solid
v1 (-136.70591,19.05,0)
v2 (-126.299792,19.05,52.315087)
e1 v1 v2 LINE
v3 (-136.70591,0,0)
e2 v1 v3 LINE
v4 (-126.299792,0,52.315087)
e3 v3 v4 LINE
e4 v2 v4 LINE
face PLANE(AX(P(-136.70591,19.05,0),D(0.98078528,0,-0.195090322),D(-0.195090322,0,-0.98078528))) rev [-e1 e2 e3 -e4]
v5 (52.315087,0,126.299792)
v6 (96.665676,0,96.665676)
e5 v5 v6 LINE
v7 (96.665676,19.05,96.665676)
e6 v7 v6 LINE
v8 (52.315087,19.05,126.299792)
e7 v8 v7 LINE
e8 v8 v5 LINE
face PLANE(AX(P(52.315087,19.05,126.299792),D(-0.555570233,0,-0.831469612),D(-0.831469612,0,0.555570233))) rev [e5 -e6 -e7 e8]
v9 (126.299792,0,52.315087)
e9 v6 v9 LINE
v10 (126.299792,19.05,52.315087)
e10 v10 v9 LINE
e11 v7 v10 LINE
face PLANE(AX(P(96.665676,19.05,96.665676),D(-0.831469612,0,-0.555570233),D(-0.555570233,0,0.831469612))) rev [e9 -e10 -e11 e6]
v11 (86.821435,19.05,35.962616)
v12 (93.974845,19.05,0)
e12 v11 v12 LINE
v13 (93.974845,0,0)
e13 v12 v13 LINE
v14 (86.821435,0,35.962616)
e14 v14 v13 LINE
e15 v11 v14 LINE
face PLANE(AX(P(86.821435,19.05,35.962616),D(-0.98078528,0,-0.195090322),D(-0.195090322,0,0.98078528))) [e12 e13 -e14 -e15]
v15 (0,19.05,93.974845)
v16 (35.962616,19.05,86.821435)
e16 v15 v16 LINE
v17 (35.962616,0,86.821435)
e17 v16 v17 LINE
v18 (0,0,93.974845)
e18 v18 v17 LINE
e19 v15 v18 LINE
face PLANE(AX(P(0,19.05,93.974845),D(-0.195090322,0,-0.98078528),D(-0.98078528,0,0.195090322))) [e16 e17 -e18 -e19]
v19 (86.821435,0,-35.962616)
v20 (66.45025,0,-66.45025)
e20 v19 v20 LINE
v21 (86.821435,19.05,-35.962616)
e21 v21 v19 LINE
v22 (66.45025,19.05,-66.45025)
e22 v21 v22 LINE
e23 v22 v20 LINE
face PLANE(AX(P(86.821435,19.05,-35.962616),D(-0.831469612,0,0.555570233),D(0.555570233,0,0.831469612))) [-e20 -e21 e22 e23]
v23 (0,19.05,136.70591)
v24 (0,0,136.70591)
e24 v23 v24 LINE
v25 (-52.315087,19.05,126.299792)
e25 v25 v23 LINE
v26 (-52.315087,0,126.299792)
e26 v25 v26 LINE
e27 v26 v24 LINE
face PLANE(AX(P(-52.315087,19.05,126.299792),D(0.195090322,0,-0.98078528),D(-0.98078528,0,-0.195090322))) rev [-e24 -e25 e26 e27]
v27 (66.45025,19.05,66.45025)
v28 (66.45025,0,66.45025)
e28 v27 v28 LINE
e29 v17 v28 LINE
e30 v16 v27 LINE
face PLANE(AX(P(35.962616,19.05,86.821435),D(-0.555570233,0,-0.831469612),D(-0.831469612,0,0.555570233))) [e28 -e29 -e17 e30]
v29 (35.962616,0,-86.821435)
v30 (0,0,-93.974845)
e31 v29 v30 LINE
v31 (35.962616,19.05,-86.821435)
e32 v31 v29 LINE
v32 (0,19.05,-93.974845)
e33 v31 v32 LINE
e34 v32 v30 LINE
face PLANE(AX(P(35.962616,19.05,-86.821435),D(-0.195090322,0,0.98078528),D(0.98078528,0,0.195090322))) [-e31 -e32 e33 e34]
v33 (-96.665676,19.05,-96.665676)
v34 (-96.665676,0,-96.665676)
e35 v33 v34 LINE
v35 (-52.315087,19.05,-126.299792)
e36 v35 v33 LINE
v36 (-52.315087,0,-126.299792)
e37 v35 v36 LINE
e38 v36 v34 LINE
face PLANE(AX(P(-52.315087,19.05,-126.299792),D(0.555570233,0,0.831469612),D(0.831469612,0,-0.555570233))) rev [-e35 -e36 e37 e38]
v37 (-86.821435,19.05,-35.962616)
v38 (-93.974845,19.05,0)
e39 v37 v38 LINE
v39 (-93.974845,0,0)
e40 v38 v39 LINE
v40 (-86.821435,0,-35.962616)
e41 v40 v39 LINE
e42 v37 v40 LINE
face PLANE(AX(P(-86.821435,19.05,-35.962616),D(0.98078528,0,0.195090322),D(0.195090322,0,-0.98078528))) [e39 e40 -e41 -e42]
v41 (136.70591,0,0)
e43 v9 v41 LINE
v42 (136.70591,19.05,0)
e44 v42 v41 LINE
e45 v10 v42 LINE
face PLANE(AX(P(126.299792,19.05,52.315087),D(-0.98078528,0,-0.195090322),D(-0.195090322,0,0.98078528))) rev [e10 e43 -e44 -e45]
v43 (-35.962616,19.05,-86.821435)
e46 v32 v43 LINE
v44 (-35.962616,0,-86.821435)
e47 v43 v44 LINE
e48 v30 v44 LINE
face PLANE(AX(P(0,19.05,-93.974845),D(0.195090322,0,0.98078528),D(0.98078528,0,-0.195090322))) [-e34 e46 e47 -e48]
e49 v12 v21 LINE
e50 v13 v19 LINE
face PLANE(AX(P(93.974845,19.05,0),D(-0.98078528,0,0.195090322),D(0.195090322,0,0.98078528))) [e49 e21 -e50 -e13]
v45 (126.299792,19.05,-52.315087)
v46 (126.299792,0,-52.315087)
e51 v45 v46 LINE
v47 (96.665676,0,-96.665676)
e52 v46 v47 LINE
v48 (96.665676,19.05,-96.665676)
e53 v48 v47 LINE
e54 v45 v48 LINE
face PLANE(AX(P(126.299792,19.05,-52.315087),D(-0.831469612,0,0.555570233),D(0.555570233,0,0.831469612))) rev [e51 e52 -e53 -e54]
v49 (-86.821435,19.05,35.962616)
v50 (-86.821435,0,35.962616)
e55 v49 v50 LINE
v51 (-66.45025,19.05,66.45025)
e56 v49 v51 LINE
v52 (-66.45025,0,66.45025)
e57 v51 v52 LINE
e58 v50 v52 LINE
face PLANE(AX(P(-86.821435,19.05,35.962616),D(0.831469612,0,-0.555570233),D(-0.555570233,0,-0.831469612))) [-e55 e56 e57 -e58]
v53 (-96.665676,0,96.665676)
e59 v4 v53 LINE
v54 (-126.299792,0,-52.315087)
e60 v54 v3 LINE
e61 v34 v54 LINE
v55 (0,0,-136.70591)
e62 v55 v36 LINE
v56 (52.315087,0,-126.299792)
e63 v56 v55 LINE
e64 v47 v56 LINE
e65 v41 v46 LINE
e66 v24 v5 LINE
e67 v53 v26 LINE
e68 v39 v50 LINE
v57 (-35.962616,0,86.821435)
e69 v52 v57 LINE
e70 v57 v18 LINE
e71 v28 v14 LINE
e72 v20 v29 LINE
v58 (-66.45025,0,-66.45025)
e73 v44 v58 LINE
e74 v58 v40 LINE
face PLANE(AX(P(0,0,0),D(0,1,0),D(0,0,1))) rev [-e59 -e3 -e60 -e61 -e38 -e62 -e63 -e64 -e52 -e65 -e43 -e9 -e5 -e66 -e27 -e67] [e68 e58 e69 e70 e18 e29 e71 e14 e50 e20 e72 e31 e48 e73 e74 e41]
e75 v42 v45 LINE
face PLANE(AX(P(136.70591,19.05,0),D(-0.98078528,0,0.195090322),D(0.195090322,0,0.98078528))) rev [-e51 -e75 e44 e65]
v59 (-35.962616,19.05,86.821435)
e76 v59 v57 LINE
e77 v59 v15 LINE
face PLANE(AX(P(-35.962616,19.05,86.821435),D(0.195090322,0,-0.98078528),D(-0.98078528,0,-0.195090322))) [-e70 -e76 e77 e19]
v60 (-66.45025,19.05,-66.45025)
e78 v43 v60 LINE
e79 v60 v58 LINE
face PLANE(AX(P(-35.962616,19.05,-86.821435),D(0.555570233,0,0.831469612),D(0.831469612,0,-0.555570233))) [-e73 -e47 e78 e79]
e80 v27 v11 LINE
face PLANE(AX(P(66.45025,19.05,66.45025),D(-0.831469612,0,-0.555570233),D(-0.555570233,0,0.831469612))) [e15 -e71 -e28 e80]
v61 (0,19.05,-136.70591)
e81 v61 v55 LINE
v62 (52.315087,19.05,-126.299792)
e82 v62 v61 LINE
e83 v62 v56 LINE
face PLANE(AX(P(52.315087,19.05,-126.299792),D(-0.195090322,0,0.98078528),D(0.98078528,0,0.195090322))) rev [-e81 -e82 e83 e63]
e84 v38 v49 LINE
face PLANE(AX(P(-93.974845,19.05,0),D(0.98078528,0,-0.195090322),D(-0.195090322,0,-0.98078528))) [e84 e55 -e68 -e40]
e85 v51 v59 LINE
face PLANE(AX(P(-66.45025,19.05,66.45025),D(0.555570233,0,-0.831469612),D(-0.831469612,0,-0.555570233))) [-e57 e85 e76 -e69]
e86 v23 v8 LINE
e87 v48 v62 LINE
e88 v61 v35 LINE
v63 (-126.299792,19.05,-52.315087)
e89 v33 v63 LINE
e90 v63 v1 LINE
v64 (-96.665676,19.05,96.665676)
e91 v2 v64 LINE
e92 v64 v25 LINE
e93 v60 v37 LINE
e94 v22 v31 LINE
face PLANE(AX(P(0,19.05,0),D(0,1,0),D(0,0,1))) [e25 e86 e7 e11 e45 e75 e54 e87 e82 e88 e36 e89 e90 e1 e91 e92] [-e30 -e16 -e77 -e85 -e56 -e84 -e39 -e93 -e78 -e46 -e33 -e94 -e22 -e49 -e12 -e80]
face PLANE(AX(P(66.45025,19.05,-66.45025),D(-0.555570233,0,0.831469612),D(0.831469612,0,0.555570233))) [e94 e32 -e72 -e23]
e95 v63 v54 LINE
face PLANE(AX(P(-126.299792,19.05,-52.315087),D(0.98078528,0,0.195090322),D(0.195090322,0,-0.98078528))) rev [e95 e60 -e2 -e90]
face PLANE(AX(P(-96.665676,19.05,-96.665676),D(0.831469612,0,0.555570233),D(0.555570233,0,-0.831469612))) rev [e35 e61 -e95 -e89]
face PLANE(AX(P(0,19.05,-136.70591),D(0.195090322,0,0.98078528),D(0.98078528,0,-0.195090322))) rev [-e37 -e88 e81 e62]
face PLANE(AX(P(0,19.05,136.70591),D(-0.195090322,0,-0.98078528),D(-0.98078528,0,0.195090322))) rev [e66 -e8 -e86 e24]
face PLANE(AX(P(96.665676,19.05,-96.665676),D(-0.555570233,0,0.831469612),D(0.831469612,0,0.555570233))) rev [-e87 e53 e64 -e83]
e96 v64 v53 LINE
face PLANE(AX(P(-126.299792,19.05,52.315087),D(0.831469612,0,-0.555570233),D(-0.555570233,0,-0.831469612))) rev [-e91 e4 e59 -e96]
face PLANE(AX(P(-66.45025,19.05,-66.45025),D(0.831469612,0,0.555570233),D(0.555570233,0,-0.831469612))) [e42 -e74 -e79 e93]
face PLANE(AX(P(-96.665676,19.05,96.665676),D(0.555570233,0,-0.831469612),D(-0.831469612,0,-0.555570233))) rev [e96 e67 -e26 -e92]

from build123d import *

# Parameters (mm, degrees)
BOSS_EXTRUDE1_DEPTH = 19.05


with BuildPart() as part:
    # Sketch1 → Boss-Extrude1 (new body)
    with BuildSketch(Plane(origin=(0, 0, 0), x_dir=(1, 0, 0), z_dir=(0, 1, 0))):
        Polygon((136.705909983, 0), (126.299792206, 52.315086857), (96.665675977, 96.665675977), (52.315086857, 126.299792206), (0, 136.705909983), (-52.315086857, 126.299792206), (-96.665675977, 96.665675977), (-126.299792206, 52.315086857), (-136.705909983, 0), (-126.299792206, -52.315086857), (-96.665675977, -96.665675977), (-52.315086857, -126.299792206), (0, -136.705909983), (52.315086857, -126.299792206), (96.665675977, -96.665675977), (126.299792206, -52.315086857), align=None)
        Polygon((93.974844542, 0), (86.821435443, 35.962616065), (66.450249837, 66.450249837), (35.962616065, 86.821435443), (0, 93.974844542), (-35.962616065, 86.821435443), (-66.450249837, 66.450249837), (-86.821435443, 35.962616065), (-93.974844542, 0), (-86.821435443, -35.962616065), (-66.450249837, -66.450249837), (-35.962616065, -86.821435443), (0, -93.974844542), (35.962616065, -86.821435443), (66.450249837, -66.450249837), (86.821435443, -35.962616065), align=None, mode=Mode.SUBTRACT)
    extrude(amount=BOSS_EXTRUDE1_DEPTH)


solid = part.part
